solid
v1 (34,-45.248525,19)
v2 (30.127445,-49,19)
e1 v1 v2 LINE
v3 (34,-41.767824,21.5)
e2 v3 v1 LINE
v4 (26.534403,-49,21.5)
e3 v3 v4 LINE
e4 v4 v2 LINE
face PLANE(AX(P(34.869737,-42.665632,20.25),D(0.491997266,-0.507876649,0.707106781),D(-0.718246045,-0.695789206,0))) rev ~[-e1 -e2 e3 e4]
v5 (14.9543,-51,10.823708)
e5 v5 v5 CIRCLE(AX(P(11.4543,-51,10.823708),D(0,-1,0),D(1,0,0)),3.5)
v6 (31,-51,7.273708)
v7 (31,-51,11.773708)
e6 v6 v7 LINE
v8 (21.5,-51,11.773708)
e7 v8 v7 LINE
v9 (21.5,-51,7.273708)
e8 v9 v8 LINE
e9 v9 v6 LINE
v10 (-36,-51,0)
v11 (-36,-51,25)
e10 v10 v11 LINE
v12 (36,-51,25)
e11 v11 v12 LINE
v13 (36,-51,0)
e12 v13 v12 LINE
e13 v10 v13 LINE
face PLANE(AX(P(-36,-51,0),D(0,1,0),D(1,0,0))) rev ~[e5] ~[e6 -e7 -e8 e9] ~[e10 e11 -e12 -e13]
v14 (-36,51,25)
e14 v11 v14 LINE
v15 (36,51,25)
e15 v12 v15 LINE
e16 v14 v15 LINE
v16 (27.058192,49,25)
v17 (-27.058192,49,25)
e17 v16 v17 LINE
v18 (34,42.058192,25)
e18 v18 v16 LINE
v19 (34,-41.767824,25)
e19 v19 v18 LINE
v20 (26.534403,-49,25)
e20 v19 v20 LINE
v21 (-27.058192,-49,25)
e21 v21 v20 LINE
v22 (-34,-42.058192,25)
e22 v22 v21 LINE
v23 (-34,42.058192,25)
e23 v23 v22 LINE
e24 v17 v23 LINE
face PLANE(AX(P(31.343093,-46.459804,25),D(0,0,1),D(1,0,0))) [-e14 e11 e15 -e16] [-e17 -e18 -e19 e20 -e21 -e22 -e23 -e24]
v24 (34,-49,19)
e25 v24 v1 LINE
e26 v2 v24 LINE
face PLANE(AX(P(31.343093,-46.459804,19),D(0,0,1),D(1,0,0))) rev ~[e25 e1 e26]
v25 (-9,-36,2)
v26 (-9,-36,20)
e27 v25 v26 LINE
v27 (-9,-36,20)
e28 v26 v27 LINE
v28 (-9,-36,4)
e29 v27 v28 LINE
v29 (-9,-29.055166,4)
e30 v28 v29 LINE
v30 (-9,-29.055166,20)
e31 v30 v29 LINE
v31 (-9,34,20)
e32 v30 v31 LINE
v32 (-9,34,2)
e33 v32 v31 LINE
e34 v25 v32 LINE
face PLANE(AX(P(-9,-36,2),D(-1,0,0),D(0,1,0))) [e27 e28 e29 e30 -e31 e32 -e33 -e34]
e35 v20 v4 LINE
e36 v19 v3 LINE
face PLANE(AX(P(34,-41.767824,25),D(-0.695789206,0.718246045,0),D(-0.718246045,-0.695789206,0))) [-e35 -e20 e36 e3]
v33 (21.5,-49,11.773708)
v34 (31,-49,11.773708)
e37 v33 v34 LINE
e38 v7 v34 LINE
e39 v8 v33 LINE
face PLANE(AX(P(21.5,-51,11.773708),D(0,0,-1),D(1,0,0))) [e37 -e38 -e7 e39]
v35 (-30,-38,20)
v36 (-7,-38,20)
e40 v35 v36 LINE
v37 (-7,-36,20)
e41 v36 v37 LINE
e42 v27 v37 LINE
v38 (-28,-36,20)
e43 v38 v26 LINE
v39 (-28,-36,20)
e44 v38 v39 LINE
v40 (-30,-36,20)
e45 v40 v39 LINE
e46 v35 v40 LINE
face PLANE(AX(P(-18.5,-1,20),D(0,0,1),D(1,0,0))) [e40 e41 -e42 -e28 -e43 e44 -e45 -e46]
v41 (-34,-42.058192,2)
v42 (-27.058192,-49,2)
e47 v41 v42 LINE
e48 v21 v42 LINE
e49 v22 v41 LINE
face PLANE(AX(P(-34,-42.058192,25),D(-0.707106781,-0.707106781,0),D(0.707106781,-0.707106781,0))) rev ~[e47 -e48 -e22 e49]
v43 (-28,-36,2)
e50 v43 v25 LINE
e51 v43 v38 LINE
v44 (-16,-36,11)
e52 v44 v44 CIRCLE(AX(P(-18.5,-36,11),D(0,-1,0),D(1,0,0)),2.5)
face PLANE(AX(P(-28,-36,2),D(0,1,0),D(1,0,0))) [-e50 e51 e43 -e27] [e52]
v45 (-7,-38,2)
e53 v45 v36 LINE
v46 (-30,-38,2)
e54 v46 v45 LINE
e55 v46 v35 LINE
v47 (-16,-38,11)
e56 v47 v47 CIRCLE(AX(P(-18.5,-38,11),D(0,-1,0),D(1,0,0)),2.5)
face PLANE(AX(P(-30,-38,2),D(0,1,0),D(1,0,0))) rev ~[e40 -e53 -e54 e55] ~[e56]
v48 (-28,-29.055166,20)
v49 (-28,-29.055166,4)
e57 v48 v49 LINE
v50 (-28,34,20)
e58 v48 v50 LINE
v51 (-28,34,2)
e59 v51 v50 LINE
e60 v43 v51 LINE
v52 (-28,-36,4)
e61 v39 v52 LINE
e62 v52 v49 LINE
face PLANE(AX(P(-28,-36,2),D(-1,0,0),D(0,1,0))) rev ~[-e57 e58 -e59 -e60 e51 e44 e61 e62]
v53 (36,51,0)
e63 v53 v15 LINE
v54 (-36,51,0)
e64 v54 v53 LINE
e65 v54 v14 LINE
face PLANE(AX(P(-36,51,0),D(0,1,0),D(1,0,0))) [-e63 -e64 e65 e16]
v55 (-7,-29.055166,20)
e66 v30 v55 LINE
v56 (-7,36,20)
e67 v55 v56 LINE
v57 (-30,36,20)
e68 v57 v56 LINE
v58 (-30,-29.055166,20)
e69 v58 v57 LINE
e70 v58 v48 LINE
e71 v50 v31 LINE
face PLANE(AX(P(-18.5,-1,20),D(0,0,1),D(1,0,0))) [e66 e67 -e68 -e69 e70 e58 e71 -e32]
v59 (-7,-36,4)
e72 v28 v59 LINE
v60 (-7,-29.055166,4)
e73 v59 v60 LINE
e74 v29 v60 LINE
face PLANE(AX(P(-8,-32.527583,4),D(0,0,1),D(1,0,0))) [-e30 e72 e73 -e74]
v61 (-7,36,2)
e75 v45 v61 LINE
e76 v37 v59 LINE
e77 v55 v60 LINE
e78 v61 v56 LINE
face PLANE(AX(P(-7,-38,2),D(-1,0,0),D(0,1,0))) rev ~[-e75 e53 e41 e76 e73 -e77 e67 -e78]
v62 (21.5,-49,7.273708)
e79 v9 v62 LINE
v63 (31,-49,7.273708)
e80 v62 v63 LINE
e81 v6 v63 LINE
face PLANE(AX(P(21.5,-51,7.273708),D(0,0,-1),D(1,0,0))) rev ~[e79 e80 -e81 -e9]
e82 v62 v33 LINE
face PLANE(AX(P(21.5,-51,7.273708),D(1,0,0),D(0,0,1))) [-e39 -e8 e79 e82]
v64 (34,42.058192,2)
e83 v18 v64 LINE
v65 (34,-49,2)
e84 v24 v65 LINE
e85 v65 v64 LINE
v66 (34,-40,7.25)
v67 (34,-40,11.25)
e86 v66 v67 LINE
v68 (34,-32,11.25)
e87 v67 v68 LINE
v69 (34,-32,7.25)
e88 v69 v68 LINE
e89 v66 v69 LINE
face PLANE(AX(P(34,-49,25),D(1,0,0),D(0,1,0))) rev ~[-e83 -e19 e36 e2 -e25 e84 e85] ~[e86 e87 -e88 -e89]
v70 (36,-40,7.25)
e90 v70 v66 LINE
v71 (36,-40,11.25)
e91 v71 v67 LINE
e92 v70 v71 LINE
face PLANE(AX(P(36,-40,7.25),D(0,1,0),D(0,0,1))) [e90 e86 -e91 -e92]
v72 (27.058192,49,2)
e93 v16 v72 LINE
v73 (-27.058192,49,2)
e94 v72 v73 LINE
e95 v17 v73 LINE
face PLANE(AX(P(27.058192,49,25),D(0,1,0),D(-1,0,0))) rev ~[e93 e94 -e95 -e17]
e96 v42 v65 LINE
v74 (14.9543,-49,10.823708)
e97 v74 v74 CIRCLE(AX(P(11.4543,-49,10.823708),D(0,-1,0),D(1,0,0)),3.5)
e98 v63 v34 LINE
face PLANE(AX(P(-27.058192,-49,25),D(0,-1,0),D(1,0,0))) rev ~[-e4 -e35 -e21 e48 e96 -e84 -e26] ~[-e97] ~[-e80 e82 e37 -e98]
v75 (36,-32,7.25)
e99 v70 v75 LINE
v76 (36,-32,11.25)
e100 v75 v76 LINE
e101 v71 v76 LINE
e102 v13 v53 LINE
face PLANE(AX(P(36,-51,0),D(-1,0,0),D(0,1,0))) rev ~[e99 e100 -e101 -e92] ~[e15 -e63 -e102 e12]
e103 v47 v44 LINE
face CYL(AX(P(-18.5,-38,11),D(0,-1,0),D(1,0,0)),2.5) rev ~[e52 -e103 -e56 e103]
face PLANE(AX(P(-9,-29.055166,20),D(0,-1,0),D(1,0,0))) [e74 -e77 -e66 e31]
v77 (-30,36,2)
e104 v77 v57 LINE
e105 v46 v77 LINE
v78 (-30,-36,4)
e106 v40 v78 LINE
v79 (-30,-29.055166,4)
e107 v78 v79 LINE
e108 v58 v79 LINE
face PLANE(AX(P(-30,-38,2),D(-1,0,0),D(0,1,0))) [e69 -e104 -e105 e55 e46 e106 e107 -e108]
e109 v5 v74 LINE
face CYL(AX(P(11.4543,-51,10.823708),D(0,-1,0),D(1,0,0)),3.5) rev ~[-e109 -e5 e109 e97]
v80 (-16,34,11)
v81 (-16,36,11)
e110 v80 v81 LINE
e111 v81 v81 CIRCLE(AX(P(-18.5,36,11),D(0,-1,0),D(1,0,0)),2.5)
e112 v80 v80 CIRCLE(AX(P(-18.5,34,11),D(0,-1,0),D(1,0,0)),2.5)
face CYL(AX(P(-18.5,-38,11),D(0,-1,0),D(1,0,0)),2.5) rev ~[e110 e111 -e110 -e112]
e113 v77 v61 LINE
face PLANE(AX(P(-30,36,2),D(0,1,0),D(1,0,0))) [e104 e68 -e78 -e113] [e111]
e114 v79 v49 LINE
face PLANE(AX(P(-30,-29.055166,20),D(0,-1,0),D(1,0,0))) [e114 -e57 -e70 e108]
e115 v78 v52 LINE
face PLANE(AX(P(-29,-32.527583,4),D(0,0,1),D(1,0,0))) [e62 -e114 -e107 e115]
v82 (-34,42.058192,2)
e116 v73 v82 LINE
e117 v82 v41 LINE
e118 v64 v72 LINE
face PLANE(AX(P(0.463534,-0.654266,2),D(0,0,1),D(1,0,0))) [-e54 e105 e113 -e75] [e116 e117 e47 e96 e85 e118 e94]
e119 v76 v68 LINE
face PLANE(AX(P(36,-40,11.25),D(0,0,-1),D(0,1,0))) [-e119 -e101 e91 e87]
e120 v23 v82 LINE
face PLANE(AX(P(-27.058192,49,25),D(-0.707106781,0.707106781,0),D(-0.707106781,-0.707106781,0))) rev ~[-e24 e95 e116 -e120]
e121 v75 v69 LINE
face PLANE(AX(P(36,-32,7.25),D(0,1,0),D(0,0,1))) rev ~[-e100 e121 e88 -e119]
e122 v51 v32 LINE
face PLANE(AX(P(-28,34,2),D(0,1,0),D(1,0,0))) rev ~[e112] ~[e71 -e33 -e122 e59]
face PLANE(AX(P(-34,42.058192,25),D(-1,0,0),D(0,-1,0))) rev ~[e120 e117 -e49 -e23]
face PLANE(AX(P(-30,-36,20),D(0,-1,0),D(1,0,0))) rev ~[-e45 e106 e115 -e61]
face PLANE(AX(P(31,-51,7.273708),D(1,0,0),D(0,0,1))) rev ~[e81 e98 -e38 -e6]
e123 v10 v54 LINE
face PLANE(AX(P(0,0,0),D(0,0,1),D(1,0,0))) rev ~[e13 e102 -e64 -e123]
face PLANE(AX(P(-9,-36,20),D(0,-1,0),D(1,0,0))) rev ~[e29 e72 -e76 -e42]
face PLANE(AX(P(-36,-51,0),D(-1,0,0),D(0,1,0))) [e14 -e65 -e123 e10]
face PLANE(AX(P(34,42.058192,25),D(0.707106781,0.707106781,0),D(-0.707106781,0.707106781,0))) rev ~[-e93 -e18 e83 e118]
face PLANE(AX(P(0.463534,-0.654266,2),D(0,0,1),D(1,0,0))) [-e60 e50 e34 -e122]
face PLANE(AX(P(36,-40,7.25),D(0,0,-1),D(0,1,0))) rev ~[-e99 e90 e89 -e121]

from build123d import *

# Parameters (mm, degrees)
F0_W      = 72
F0_H      = 102
F1_DEPTH  = 25
F3_DEPTH  = 23
F4_W      = 9.5
F4_H      = 4.5
F4_R      = 3.5
F5_DEPTH  = 3
F6_DEPTH  = 3
F7_W      = 8
F7_H      = 4
F8_DEPTH  = 3
F10_W     = 23
F10_H     = 74
F10_W_2   = 19
F10_H_2   = 70
F11_DEPTH = 18
F12_W     = 2
F12_H     = 6.944833
F13_DEPTH = 16
F14_R     = 2.5
F15_DEPTH = 75
F17_DEPTH = 6
F18_SIZE  = 2.5


with BuildPart() as f1:
    # F0 (on Top) → F1 (new body)
    with BuildSketch(Plane.XY):
        Rectangle(F0_W, F0_H)
    extrude(amount=F1_DEPTH)

    # F2 (on face) → F3 (cut)
    with BuildSketch(Plane.XY.offset(25)):
        Polygon((34, 42.058192), (27.058192, 49), (-27.058192, 49), (-34, 42.058192), (-34, -42.058192), (-27.058192, -49), (34, -49), align=None)
    extrude(amount=-F3_DEPTH, mode=Mode.SUBTRACT)

    # F4 (on face) → F5 (cut)
    with BuildSketch(Plane.XZ.offset(51)):
        with Locations((26.25, 9.523708)):
            Rectangle(F4_W, F4_H)
        with Locations((11.4543, 10.823708)):
            Circle(F4_R)
    extrude(amount=-F5_DEPTH, mode=Mode.SUBTRACT)

    # F4 (on face) → F6 (cut)
    with BuildSketch(Plane.XZ.offset(51)):
        with Locations((26.25, 9.523708)):
            Rectangle(F4_W, F4_H)
        with Locations((11.4543, 10.823708)):
            Circle(F4_R)
    extrude(amount=-F6_DEPTH, mode=Mode.SUBTRACT)

    # F7 (on face) → F8 (cut)
    with BuildSketch(Plane.YZ.offset(36)):
        with Locations((-36, 9.25)):
            Rectangle(F7_W, F7_H)
    extrude(amount=-F8_DEPTH, mode=Mode.SUBTRACT)

    # F10 (on face) → F11 (join)
    with BuildSketch(Plane.XY.offset(2)):
        with Locations((-18.5, -1)):
            Rectangle(F10_W, F10_H)
        with Locations((-18.5, -1)):
            Rectangle(F10_W_2, F10_H_2, mode=Mode.SUBTRACT)
    extrude(amount=F11_DEPTH)

    # F12 (on face) → F13 (cut)
    with BuildSketch(Plane.XY.offset(20)):
        with Locations((-29, -32.527583)):
            Rectangle(F12_W, F12_H)
        with Locations((-8, -32.527583)):
            Rectangle(F12_W, F12_H)
    extrude(amount=-F13_DEPTH, mode=Mode.SUBTRACT)

    # F14 (on face) → F15 (cut)
    with BuildSketch(Plane.XZ.offset(38)):
        with Locations((-18.5, 11)):
            Circle(F14_R)
    extrude(amount=-F15_DEPTH, mode=Mode.SUBTRACT)

    # F16 (on face) → F17 (join)
    with BuildSketch(Plane.XY.offset(25)):
        Polygon((34, -41.767824), (26.534403, -49), (34, -49), align=None)
    extrude(amount=-F17_DEPTH)

    # F18
    f18_edges = [f1.edges().sort_by_distance(p)[0] for p in [
        (30.267201, -45.383912, 19),
    ]]
    chamfer(f18_edges, length=F18_SIZE)


solid = f1.part
